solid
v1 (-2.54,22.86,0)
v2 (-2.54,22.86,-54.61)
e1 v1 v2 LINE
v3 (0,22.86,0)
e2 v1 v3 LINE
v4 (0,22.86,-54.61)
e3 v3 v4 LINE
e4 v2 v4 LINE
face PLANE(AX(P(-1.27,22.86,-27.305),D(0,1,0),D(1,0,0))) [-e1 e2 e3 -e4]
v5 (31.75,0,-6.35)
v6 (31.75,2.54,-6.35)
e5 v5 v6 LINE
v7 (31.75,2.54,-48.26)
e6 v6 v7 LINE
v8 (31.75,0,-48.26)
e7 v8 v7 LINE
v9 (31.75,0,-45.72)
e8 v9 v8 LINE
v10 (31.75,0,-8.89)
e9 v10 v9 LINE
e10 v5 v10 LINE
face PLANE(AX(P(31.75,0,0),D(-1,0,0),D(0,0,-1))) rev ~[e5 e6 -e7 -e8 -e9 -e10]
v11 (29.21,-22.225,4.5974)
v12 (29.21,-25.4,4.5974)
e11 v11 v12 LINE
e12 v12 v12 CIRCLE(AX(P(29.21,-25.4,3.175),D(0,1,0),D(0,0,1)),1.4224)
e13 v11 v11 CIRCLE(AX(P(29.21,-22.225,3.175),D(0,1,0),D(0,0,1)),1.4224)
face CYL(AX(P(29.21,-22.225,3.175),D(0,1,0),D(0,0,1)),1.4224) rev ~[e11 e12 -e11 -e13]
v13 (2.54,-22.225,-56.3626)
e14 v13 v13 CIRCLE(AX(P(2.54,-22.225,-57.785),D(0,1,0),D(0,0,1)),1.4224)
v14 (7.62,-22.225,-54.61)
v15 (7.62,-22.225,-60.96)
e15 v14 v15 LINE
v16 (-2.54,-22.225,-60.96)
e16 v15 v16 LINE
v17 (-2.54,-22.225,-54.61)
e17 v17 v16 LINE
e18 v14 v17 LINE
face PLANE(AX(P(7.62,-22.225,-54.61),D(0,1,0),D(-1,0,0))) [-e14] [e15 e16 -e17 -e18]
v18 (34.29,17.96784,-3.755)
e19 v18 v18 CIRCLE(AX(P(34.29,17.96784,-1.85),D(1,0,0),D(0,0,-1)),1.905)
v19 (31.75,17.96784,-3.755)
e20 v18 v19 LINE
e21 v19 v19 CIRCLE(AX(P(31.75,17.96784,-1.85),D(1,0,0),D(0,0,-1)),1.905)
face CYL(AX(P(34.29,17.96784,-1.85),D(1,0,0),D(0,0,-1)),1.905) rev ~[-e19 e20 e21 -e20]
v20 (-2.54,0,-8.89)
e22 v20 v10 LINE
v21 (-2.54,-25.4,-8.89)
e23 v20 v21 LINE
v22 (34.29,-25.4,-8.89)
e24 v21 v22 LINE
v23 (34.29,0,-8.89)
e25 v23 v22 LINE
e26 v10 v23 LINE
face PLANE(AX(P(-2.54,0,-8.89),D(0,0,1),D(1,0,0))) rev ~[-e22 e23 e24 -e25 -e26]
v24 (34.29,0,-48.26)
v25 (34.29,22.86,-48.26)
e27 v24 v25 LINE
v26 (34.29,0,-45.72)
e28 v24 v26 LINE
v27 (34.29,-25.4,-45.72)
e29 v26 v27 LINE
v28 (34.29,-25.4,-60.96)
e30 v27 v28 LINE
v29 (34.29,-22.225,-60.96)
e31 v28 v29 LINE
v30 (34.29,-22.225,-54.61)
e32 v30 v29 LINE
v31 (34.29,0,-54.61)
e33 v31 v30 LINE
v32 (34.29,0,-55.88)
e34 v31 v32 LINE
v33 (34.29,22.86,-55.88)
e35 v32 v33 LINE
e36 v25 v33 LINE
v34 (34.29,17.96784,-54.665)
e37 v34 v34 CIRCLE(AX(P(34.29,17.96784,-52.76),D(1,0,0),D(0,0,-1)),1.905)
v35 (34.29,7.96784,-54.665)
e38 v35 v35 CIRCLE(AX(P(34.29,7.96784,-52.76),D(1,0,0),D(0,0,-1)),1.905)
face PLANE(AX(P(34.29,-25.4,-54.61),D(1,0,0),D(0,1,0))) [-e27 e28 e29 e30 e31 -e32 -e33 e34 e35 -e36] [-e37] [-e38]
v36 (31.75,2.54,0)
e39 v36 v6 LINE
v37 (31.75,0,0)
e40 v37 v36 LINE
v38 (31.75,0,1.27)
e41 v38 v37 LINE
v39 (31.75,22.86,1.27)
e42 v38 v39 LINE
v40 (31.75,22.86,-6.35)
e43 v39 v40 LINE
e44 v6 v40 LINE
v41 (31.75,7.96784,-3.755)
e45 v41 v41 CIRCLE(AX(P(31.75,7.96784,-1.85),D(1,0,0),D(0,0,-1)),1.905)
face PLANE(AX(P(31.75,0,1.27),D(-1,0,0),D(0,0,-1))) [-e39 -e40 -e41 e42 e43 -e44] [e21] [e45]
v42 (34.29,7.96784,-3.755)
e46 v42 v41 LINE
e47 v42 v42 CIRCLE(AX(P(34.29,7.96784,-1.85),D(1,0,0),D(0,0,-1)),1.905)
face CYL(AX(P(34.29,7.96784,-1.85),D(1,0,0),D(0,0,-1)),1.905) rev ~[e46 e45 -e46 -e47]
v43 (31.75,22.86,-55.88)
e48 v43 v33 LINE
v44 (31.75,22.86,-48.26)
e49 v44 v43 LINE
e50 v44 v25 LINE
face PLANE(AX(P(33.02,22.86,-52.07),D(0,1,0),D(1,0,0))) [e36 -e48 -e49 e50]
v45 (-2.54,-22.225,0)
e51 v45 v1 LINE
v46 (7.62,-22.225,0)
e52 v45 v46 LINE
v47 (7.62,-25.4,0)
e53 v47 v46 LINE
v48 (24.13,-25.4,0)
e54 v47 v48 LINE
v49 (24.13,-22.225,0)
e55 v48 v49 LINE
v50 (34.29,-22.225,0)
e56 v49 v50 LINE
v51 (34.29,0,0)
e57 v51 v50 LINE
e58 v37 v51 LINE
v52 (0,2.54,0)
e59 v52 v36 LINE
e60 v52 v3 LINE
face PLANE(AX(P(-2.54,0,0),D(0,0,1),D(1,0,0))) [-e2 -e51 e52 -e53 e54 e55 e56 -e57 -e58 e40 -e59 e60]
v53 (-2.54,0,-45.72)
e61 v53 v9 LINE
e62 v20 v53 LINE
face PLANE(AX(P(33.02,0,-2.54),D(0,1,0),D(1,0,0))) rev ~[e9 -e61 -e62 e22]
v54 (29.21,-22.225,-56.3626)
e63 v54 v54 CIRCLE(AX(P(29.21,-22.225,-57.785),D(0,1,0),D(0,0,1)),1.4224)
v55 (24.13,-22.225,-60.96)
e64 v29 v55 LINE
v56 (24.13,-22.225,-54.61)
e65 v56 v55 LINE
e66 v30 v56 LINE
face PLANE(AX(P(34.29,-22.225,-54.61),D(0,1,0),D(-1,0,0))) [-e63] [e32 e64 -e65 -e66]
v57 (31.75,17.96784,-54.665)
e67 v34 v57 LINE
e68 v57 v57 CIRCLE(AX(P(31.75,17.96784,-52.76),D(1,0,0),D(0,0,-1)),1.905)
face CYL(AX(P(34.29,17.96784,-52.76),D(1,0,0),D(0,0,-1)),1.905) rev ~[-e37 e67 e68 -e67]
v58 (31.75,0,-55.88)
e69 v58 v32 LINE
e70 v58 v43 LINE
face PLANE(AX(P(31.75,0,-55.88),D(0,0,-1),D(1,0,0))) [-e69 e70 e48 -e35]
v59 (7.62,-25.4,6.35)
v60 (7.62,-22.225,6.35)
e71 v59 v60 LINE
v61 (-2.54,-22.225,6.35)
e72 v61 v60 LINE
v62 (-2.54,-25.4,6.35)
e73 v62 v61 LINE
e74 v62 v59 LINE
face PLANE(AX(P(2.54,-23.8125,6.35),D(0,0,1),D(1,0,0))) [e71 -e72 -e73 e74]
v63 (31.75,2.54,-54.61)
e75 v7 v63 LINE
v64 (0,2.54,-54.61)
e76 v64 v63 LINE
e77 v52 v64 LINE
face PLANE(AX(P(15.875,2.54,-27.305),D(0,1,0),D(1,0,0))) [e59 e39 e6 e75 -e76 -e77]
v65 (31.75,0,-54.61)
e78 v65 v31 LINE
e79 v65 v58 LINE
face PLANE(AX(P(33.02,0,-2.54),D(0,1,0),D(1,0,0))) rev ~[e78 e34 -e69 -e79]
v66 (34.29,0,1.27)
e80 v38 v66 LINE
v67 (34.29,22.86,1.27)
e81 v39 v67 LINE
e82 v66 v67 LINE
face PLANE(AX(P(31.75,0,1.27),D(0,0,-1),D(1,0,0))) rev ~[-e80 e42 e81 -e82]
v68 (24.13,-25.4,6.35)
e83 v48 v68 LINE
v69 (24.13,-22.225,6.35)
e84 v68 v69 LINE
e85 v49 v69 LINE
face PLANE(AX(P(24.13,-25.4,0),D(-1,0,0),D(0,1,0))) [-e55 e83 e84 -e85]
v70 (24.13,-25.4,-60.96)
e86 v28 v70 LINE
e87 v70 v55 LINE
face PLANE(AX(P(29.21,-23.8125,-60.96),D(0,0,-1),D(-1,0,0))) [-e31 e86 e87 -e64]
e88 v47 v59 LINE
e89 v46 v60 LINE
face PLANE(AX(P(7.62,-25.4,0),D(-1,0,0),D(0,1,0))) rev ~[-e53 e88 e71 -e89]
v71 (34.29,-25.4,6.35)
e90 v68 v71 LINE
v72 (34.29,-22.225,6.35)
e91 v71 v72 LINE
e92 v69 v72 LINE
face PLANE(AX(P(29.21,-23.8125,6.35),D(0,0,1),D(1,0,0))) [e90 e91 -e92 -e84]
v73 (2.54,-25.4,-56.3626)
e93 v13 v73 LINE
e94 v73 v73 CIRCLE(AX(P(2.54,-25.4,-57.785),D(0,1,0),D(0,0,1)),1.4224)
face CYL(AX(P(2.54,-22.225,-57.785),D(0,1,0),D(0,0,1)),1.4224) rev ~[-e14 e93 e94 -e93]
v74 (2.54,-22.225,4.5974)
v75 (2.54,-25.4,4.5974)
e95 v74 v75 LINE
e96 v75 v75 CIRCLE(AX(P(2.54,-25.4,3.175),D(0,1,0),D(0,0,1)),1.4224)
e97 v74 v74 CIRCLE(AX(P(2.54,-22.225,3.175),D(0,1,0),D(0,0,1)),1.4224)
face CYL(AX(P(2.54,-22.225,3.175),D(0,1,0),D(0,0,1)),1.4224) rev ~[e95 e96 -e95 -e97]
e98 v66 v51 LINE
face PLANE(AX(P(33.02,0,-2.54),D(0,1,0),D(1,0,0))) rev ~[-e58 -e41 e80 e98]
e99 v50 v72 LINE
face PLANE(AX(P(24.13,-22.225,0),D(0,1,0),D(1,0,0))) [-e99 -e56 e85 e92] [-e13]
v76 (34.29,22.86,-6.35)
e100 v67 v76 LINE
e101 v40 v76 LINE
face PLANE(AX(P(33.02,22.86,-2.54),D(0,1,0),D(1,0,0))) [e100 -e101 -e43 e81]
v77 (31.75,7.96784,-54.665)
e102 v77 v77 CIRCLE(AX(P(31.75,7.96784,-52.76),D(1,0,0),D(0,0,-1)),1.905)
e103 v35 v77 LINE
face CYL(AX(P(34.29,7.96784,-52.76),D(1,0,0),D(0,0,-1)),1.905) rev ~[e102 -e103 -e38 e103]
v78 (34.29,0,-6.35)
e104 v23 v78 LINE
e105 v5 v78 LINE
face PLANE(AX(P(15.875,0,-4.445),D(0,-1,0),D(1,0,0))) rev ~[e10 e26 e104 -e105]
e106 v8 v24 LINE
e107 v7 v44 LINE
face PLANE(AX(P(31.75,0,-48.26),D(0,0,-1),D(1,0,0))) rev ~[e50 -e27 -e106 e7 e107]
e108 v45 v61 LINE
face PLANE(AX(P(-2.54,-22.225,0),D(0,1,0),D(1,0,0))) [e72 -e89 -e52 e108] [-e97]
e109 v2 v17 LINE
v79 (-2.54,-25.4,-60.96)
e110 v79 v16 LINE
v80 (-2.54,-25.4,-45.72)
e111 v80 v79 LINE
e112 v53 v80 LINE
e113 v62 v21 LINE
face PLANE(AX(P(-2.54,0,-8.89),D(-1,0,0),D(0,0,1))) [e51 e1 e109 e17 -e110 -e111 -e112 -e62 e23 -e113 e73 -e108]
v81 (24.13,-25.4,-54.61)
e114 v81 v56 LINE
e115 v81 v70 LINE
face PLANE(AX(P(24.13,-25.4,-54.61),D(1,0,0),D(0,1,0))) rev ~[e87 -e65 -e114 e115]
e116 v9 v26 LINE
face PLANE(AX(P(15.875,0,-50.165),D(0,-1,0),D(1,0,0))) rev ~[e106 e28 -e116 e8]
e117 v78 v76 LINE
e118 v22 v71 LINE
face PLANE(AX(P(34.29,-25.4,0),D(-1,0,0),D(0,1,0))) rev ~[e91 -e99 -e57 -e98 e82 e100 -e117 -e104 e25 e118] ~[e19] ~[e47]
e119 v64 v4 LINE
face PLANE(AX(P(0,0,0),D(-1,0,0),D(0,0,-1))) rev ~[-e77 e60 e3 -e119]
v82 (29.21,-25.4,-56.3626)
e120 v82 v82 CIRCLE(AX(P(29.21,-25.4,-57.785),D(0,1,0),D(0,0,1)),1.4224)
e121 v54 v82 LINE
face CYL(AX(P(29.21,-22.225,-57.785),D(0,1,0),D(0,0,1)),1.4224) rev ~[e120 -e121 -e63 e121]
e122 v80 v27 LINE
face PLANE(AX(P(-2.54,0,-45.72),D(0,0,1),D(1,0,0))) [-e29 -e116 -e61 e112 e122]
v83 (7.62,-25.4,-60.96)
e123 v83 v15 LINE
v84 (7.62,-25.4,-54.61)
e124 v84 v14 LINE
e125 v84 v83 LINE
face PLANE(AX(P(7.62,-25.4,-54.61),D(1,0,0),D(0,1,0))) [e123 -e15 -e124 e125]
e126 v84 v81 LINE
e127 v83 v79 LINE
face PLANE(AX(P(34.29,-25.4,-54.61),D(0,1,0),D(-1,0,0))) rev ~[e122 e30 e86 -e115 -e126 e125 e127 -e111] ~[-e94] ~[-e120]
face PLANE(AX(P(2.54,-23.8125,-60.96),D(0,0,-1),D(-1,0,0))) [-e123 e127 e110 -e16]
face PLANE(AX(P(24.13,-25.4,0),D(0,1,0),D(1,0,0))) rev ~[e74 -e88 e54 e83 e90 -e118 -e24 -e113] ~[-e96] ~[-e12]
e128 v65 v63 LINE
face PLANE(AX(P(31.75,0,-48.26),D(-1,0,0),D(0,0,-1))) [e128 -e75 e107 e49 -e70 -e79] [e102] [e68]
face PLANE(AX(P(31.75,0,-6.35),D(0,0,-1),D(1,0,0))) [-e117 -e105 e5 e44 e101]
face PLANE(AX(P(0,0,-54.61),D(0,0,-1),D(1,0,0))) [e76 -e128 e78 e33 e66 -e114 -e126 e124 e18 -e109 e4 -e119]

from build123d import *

# Parameters (mm, degrees)
SKETCH1_W           = 31.75
SKETCH1_H           = 54.61
BOSS_EXTRUDE1_DEPTH = 2.54
SKETCH2_W           = 2.54
SKETCH2_H           = 7.62
SKETCH2_H_2         = 54.61
BOSS_EXTRUDE2_DEPTH = 22.86
SKETCH3_W           = 36.83
SKETCH3_H           = 8.89
BOSS_EXTRUDE3_DEPTH = 25.4
SKETCH4_R           = 1.905
CUT_EXTRUDE1_DEPTH  = 2.54
SKETCH5_W           = 10.16
SKETCH5_H           = 3.175
BOSS_EXTRUDE4_DEPTH = 6.35
SKETCH6_W           = 10.16
SKETCH6_H           = 3.175
BOSS_EXTRUDE5_DEPTH = 6.35
SKETCH7_R           = 1.4224
CUT_EXTRUDE2_DEPTH  = 84.214078887


with BuildPart() as part:
    # Sketch1 → Boss-Extrude1 (new body)
    with BuildSketch(Plane(origin=(0, 0, 0), x_dir=(1, 0, 0), z_dir=(0, 1, 0))):
        with Locations((15.875, 27.305)):
            Rectangle(SKETCH1_W, SKETCH1_H)
    extrude(amount=BOSS_EXTRUDE1_DEPTH)

    # Sketch2 → Boss-Extrude2 (add)
    with BuildSketch(Plane(origin=(0, 0, 0), x_dir=(1, 0, 0), z_dir=(0, 1, 0))):
        with Locations((33.02, 2.54)):
            Rectangle(SKETCH2_W, SKETCH2_H)
        with Locations((33.02, 52.07)):
            Rectangle(SKETCH2_W, SKETCH2_H)
        with Locations((-1.27, 27.305)):
            Rectangle(SKETCH2_W, SKETCH2_H_2)
    extrude(amount=BOSS_EXTRUDE2_DEPTH)

    # Sketch3 → Boss-Extrude3 (add)
    with BuildSketch(Plane.XZ):
        with Locations((15.875, -4.445)):
            Rectangle(SKETCH3_W, SKETCH3_H)
        with Locations((15.875, -50.165)):
            Rectangle(SKETCH3_W, SKETCH3_H)
    extrude(amount=BOSS_EXTRUDE3_DEPTH)

    # Sketch4 → Cut-Extrude1 (cut)
    with BuildSketch(Plane(origin=(34.29, 0, 0), x_dir=(0, 0, -1), z_dir=(1, 0, 0))):
        with Locations((1.85, 17.967840319)):
            Circle(SKETCH4_R)
        with Locations((1.85, 7.967840319)):
            Circle(SKETCH4_R)
        with Locations((52.76, 17.967840319)):
            Circle(SKETCH4_R)
        with Locations((52.76, 7.967840319)):
            Circle(SKETCH4_R)
    extrude(amount=-CUT_EXTRUDE1_DEPTH, mode=Mode.SUBTRACT)

    # Sketch5 → Boss-Extrude4 (add)
    with BuildSketch(Plane(origin=(0, 0, -54.61), x_dir=(-1, 0, 0), z_dir=(0, 0, -1))):
        with Locations((-29.21, -23.8125)):
            Rectangle(SKETCH5_W, SKETCH5_H)
        with Locations((-2.54, -23.8125)):
            Rectangle(SKETCH5_W, SKETCH5_H)
    extrude(amount=BOSS_EXTRUDE4_DEPTH)

    # Sketch6 → Boss-Extrude5 (add)
    with BuildSketch(Plane.XY):
        with Locations((29.21, -23.8125)):
            Rectangle(SKETCH6_W, SKETCH6_H)
        with Locations((2.54, -23.8125)):
            Rectangle(SKETCH6_W, SKETCH6_H)
    extrude(amount=BOSS_EXTRUDE5_DEPTH)

    # Sketch7 → Cut-Extrude2 (cut, through all)
    with BuildSketch(Plane(origin=(0, -22.225, 0), x_dir=(1, 0, 0), z_dir=(0, 1, 0))):
        with Locations(Location((29.21, 57.785, 0), (0, 0, 270))):
            Circle(SKETCH7_R)
        with Locations(Location((2.54, 57.785, 0), (0, 0, 270))):
            Circle(SKETCH7_R)
        with Locations(Location((2.54, -3.175, 0), (0, 0, 270))):
            Circle(SKETCH7_R)
        with Locations(Location((29.21, -3.175, 0), (0, 0, 270))):
            Circle(SKETCH7_R)
    extrude(amount=-CUT_EXTRUDE2_DEPTH, mode=Mode.SUBTRACT)


solid = part.part
